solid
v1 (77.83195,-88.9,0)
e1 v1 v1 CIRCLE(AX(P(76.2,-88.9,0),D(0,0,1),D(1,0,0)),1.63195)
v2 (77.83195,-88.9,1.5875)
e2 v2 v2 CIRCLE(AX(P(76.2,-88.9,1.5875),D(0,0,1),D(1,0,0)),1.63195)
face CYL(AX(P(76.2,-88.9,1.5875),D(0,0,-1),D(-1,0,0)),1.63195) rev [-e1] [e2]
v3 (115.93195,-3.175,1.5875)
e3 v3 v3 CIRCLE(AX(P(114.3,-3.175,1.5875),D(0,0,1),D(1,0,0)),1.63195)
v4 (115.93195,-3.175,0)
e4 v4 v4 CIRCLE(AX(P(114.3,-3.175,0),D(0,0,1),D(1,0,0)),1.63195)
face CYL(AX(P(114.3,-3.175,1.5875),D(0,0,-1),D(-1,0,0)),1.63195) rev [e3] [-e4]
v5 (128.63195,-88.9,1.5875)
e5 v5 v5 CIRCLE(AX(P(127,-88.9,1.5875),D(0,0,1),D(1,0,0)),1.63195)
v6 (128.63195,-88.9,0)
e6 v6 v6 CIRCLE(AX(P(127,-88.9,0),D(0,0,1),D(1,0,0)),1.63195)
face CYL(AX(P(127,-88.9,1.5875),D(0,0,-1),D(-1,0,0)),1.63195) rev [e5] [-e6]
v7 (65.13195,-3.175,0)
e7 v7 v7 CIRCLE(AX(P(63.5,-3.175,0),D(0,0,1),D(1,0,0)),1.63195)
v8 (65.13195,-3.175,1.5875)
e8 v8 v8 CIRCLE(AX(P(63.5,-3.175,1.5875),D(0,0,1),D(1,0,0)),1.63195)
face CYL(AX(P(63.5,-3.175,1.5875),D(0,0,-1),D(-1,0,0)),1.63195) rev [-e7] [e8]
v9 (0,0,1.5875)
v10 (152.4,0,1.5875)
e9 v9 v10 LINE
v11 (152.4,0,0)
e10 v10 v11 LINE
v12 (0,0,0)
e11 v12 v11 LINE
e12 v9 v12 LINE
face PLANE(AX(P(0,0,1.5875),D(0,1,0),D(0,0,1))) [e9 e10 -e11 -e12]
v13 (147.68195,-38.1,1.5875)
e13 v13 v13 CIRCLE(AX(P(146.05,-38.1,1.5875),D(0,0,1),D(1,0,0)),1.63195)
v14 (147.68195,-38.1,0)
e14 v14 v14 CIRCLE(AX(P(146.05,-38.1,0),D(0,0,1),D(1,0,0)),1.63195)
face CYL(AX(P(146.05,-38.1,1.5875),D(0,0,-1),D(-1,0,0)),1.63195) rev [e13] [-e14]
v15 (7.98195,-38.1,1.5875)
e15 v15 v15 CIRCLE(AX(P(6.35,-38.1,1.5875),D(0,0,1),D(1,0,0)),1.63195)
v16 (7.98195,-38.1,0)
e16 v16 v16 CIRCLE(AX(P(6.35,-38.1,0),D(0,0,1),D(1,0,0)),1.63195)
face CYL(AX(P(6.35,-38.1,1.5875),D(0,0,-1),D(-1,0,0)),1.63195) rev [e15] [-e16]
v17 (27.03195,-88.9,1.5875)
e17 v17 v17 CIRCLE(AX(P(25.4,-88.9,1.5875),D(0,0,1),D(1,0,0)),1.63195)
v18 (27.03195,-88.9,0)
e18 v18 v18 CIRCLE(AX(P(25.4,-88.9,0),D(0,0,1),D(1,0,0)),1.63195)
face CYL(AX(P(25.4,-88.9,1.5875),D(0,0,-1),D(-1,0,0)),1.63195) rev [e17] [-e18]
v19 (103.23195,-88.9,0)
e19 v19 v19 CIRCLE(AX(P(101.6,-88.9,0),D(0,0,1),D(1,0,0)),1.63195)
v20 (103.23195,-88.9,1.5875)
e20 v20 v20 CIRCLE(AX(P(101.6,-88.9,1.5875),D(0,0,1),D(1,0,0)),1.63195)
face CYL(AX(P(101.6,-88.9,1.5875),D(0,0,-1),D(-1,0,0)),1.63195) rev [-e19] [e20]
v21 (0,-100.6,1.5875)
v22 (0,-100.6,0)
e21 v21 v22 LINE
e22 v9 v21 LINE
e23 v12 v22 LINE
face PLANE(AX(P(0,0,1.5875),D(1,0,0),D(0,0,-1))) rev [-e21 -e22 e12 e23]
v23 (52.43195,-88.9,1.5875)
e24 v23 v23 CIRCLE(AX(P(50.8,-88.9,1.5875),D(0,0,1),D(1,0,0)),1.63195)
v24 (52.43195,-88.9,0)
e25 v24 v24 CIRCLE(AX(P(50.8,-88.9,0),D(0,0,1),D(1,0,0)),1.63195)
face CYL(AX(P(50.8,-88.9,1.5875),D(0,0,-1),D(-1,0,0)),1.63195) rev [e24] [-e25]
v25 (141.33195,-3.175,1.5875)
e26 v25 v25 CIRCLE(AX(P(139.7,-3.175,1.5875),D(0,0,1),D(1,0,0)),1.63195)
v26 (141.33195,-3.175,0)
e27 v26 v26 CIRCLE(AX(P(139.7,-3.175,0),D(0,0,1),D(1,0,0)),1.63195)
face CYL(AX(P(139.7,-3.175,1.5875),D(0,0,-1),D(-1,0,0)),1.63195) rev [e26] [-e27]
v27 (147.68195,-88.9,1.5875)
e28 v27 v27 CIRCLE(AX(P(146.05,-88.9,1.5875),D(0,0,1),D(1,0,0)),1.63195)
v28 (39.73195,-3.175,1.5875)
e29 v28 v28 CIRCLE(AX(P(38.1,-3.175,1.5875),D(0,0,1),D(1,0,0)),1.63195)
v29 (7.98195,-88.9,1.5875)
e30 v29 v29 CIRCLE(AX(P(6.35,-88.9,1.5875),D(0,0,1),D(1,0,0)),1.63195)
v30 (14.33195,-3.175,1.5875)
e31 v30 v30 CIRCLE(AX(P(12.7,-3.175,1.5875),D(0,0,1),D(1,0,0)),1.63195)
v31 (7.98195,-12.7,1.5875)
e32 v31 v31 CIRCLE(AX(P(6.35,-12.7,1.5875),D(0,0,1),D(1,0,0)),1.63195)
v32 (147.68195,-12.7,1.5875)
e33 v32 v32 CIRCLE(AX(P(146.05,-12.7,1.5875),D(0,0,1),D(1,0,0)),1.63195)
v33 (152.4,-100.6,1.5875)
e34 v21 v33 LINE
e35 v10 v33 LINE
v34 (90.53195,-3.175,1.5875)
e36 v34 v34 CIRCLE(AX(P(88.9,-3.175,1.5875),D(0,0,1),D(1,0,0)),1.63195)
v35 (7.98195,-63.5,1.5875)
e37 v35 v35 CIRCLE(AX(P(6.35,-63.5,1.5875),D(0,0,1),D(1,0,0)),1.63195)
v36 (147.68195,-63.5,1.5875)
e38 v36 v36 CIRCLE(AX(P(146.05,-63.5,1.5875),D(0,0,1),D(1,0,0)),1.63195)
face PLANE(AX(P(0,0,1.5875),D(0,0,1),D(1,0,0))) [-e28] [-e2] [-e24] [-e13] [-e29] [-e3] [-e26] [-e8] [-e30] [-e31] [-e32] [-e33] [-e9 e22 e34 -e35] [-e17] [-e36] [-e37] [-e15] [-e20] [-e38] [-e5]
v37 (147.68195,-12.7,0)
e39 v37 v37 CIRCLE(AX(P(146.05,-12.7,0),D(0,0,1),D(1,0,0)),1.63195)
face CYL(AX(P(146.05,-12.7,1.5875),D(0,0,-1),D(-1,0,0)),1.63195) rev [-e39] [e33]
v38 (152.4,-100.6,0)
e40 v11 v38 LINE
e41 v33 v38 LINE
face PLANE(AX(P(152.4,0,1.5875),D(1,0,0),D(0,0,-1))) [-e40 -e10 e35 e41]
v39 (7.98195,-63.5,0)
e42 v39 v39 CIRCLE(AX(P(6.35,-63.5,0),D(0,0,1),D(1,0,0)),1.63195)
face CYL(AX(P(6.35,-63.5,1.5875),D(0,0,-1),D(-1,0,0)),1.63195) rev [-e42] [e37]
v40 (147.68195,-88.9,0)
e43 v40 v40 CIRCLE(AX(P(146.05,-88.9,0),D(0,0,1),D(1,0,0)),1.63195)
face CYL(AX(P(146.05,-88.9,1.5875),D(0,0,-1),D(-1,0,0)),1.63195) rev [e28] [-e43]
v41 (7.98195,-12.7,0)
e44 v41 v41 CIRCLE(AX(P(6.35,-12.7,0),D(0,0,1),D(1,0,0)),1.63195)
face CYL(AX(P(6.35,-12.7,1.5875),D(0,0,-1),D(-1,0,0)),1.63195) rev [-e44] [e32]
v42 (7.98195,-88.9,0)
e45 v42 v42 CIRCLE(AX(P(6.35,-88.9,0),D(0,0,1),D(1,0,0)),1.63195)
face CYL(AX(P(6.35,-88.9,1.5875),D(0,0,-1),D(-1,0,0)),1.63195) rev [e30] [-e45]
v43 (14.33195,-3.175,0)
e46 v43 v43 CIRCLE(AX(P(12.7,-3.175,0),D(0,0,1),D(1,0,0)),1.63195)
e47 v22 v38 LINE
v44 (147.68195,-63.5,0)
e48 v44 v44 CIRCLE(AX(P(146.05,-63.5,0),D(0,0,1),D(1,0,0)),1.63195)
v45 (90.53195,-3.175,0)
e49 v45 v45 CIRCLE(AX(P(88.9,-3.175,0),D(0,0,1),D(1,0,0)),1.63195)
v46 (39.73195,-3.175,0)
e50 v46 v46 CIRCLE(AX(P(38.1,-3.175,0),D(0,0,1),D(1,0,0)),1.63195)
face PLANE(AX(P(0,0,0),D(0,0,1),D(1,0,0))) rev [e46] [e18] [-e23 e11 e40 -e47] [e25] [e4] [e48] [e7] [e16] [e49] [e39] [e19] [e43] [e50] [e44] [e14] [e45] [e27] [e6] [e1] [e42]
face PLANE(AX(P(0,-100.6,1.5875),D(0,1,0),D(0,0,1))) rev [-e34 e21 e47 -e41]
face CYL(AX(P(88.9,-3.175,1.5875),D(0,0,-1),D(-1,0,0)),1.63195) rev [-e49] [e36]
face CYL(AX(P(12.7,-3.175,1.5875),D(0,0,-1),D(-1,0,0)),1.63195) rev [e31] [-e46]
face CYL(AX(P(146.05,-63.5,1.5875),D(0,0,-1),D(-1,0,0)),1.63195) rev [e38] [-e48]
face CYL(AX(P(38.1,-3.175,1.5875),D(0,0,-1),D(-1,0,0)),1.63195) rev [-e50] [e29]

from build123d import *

# Parameters (mm, degrees)
SKETCH1_W           = 152.4
SKETCH1_H           = 100.6
SKETCH1_R           = 1.63195
BOSS_EXTRUDE1_DEPTH = 1.5875


with BuildPart() as part:
    # Sketch1 → Boss-Extrude1 (new body)
    with BuildSketch(Plane.XY):
        with Locations((76.2, -50.3)):
            Rectangle(SKETCH1_W, SKETCH1_H)
        with Locations((6.35, -88.9)):
            Circle(SKETCH1_R, mode=Mode.SUBTRACT)
        with Locations((25.4, -88.9)):
            Circle(SKETCH1_R, mode=Mode.SUBTRACT)
        with Locations((50.8, -88.9)):
            Circle(SKETCH1_R, mode=Mode.SUBTRACT)
        with Locations((6.35, -63.5)):
            Circle(SKETCH1_R, mode=Mode.SUBTRACT)
        with Locations((6.35, -38.1)):
            Circle(SKETCH1_R, mode=Mode.SUBTRACT)
        with Locations((6.35, -12.7)):
            Circle(SKETCH1_R, mode=Mode.SUBTRACT)
        with Locations((12.7, -3.175)):
            Circle(SKETCH1_R, mode=Mode.SUBTRACT)
        with Locations((38.1, -3.175)):
            Circle(SKETCH1_R, mode=Mode.SUBTRACT)
        with Locations((63.5, -3.175)):
            Circle(SKETCH1_R, mode=Mode.SUBTRACT)
        with Locations((76.2, -88.9)):
            Circle(SKETCH1_R, mode=Mode.SUBTRACT)
        with Locations((101.6, -88.9)):
            Circle(SKETCH1_R, mode=Mode.SUBTRACT)
        with Locations((127, -88.9)):
            Circle(SKETCH1_R, mode=Mode.SUBTRACT)
        with Locations((146.05, -88.9)):
            Circle(SKETCH1_R, mode=Mode.SUBTRACT)
        with Locations((88.9, -3.175)):
            Circle(SKETCH1_R, mode=Mode.SUBTRACT)
        with Locations((146.05, -63.5)):
            Circle(SKETCH1_R, mode=Mode.SUBTRACT)
        with Locations((146.05, -38.1)):
            Circle(SKETCH1_R, mode=Mode.SUBTRACT)
        with Locations((114.3, -3.175)):
            Circle(SKETCH1_R, mode=Mode.SUBTRACT)
        with Locations((139.7, -3.175)):
            Circle(SKETCH1_R, mode=Mode.SUBTRACT)
        with Locations((146.05, -12.7)):
            Circle(SKETCH1_R, mode=Mode.SUBTRACT)
    extrude(amount=BOSS_EXTRUDE1_DEPTH)


solid = part.part
